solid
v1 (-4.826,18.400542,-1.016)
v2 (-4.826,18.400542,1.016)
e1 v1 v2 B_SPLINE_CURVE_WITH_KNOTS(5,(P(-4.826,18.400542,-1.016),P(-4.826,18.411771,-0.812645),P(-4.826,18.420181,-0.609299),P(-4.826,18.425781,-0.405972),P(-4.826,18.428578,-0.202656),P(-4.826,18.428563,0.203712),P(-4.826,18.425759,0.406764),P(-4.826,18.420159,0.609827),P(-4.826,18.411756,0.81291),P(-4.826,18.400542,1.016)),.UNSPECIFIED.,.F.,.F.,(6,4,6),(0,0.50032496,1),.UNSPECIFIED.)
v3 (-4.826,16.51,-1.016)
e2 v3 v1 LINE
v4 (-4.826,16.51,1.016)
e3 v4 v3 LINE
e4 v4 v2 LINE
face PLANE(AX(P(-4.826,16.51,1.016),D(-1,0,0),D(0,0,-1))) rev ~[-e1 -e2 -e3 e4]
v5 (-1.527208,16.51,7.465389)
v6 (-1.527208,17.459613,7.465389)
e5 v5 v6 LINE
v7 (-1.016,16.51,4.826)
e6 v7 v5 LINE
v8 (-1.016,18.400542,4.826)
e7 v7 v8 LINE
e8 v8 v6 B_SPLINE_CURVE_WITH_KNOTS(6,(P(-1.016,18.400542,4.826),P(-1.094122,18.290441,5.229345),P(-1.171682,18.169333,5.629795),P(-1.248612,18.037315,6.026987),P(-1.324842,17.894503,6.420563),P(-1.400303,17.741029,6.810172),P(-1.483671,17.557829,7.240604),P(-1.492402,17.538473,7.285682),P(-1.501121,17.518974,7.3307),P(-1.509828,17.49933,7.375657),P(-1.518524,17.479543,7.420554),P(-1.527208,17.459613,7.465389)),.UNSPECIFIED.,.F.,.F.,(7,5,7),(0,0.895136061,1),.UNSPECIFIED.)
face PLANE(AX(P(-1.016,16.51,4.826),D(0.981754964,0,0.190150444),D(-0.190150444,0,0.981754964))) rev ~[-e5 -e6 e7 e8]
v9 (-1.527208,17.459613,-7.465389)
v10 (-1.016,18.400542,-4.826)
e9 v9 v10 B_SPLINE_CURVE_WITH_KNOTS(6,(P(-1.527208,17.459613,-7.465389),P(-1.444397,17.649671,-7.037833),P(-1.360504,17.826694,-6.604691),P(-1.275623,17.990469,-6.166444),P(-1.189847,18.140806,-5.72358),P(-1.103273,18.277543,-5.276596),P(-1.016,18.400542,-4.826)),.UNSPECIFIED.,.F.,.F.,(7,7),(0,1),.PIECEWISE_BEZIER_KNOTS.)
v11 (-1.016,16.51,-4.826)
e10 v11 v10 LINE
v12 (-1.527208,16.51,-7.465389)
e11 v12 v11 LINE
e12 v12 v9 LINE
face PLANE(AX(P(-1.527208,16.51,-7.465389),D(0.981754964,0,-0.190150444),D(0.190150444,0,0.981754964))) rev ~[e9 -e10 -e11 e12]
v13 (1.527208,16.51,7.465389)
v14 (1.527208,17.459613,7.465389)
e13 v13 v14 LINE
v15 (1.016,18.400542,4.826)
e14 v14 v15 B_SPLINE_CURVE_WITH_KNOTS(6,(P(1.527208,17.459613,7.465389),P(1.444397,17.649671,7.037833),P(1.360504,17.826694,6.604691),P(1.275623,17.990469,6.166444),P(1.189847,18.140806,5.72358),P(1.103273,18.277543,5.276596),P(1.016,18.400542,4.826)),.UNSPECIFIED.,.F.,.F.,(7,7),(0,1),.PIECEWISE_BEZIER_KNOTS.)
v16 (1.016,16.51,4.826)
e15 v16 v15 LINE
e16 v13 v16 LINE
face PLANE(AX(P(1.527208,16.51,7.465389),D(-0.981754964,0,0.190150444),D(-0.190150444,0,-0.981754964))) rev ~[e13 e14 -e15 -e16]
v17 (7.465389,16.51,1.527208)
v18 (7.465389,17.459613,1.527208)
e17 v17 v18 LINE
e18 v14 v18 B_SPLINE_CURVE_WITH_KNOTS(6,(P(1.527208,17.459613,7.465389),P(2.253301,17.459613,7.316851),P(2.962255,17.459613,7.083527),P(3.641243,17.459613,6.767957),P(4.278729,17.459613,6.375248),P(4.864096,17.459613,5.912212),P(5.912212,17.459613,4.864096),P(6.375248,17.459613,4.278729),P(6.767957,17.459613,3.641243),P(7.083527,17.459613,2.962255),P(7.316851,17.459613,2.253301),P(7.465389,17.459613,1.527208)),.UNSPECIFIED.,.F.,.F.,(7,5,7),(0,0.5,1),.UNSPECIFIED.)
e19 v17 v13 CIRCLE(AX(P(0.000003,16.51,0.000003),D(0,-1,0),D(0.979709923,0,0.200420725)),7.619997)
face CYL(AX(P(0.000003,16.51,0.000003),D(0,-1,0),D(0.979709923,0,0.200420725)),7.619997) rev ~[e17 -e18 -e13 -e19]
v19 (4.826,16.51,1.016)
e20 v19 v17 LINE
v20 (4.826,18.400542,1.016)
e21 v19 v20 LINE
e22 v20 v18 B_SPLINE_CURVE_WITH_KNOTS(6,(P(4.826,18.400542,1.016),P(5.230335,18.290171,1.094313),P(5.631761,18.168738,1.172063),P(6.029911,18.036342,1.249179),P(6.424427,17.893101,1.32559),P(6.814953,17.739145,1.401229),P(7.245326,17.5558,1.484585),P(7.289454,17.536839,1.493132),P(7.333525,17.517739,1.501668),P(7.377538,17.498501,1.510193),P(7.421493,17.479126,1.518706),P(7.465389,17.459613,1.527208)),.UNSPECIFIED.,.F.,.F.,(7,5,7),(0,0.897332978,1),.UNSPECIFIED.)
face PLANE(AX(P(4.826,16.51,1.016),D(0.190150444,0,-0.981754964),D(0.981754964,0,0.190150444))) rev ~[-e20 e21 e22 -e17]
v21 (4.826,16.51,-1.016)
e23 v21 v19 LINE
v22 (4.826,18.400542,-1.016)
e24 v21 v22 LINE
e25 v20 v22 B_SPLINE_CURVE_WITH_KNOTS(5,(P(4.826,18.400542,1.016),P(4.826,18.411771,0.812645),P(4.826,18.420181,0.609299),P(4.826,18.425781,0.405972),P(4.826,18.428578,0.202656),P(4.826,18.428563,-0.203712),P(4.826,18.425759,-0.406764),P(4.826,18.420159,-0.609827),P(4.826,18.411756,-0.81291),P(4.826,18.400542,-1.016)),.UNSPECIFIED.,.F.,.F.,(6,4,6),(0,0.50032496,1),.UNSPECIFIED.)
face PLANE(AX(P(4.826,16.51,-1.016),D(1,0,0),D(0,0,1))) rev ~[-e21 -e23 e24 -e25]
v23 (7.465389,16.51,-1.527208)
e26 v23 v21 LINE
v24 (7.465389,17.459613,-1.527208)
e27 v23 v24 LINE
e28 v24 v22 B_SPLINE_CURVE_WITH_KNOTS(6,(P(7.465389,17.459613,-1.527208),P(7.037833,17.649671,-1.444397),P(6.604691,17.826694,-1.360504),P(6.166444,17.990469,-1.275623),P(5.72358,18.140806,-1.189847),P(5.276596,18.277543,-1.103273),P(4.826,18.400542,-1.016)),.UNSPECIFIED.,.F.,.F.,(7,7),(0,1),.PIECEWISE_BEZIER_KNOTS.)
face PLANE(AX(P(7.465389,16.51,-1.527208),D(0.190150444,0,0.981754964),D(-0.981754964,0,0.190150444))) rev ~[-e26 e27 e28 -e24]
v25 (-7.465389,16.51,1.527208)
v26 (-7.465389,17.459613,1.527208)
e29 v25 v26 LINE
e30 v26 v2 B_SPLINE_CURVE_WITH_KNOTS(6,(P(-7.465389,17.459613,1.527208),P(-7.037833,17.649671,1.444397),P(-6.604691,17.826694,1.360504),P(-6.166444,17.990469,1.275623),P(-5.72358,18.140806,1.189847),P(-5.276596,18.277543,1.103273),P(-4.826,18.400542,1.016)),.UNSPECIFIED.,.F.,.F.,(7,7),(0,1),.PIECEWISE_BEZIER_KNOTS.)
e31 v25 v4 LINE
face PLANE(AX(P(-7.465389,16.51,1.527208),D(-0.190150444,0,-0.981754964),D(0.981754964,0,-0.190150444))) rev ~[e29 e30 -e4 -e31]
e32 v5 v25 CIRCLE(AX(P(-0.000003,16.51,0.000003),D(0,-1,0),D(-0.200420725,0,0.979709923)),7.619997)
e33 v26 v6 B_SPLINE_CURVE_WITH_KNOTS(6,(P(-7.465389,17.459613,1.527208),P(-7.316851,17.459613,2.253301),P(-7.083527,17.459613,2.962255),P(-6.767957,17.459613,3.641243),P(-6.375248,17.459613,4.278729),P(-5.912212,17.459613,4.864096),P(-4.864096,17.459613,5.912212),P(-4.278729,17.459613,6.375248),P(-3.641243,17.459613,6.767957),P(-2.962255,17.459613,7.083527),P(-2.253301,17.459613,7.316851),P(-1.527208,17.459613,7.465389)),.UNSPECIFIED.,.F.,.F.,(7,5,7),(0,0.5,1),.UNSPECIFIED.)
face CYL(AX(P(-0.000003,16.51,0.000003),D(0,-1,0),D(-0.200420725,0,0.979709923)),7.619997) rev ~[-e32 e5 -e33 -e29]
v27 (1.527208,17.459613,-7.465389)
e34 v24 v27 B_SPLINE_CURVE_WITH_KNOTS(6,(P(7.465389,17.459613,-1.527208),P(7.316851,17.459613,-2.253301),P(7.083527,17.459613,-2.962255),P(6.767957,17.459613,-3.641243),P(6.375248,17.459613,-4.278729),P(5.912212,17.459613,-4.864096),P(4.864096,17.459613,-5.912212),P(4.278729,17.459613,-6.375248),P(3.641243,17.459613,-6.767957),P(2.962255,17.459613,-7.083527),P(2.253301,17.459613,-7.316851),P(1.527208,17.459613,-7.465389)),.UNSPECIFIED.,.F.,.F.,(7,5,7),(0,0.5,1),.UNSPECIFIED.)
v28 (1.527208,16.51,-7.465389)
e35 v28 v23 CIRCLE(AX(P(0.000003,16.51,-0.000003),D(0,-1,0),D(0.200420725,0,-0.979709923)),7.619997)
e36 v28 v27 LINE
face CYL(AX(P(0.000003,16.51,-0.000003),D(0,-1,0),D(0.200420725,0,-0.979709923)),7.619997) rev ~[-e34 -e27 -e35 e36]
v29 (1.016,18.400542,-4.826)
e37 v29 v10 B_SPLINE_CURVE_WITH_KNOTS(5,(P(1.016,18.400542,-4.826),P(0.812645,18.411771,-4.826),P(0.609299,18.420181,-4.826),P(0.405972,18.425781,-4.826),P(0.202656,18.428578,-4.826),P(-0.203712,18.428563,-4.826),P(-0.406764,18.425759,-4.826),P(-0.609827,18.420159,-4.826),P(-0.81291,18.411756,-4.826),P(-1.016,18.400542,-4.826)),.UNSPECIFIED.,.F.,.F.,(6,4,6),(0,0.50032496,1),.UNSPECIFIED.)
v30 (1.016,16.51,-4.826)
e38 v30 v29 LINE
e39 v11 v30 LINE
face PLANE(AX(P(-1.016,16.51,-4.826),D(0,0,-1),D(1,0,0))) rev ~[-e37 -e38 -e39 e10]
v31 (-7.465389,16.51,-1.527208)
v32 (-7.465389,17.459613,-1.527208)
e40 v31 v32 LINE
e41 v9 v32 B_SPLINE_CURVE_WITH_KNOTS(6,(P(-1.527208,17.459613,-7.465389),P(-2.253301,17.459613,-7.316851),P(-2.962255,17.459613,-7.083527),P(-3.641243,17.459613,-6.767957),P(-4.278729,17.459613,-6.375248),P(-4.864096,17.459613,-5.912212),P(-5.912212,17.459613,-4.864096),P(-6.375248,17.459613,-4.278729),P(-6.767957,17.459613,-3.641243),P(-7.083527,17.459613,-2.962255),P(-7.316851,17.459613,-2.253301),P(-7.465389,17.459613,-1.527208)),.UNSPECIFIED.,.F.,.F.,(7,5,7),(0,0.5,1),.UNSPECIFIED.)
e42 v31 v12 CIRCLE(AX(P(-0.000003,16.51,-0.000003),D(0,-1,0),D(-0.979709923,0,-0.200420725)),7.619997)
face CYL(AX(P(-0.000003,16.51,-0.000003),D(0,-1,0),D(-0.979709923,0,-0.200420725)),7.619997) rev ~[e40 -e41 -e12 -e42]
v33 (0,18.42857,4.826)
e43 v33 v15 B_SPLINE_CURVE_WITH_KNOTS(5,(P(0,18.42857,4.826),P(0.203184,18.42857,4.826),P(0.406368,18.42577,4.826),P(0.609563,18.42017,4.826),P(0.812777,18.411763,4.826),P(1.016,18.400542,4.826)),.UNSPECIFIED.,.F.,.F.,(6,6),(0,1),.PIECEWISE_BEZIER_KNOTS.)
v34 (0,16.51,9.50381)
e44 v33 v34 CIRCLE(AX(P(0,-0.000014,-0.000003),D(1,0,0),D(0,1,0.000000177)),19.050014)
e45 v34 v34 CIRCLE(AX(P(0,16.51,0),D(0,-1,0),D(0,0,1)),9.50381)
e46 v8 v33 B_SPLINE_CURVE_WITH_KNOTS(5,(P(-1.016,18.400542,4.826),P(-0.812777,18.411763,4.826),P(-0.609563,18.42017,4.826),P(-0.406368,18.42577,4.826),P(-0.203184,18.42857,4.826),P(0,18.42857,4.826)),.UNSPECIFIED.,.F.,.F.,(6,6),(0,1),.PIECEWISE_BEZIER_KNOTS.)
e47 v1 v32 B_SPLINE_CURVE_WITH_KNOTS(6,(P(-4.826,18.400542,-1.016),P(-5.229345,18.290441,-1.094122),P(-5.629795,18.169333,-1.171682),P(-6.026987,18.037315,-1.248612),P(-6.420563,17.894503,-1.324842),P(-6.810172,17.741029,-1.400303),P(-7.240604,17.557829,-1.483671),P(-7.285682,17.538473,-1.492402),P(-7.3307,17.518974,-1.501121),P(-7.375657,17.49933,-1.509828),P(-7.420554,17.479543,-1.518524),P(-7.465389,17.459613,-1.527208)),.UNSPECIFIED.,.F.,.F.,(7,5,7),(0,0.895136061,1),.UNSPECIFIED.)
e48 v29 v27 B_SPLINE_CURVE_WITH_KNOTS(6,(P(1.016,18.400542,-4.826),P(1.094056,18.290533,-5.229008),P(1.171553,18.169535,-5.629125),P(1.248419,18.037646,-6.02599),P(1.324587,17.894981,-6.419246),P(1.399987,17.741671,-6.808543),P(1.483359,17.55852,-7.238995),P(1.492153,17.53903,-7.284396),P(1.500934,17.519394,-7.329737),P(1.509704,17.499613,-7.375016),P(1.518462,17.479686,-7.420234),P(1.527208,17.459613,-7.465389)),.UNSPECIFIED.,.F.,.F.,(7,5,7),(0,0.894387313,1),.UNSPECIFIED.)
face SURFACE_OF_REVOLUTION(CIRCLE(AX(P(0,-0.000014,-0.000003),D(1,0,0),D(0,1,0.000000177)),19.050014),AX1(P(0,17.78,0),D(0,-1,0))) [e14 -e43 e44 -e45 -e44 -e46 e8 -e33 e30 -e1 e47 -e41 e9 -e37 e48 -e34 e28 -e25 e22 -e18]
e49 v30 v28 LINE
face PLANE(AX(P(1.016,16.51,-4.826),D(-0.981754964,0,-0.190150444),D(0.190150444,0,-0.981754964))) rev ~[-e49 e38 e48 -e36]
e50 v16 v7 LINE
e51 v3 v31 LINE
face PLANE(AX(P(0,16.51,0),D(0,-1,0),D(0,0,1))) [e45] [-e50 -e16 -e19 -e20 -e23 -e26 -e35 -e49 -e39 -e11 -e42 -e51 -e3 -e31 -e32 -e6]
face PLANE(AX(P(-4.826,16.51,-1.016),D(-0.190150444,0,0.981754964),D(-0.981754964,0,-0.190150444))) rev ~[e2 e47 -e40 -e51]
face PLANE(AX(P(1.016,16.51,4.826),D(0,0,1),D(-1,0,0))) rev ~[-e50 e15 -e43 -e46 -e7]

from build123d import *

# Parameters (mm, degrees)
F3_DEPTH = 2.541


with BuildPart() as f1:
    # F0 (on Right) → F1 (revolve)
    with BuildSketch(Plane.YZ):
        with BuildLine():
            Line((16.51, 0), (19.05, 0))
            ThreePointArc((19.05, 0), (18.404048, 4.918689), (16.51, 9.50381))
            Line((16.51, 9.50381), (16.51, 0))
        make_face()
    revolve(axis=Axis((0, 17.78, 0), (0, -1, 0)))

    # F2 (on face) → F3 (cut, through all)
    with BuildSketch(Plane.XZ.offset(-16.51)):
        with BuildLine():
            Line((1.016, -4.826), (1.527208, -7.465389))
            ThreePointArc((1.527208, -7.465389), (5.388154, -5.388154), (7.465389, -1.527208))
            Line((7.465389, -1.527208), (4.826, -1.016))
            Line((4.826, -1.016), (4.826, 0))
            Line((4.826, 0), (4.826, 1.016))
            Line((4.826, 1.016), (7.465389, 1.527208))
            ThreePointArc((7.465389, 1.527208), (5.388154, 5.388154), (1.527208, 7.465389))
            Line((1.527208, 7.465389), (1.016, 4.826))
            Line((1.016, 4.826), (0, 4.826))
            Line((0, 4.826), (-1.016, 4.826))
            Line((-1.016, 4.826), (-1.527208, 7.465389))
            ThreePointArc((-1.527208, 7.465389), (-5.388154, 5.388154), (-7.465389, 1.527208))
            Line((-7.465389, 1.527208), (-4.826, 1.016))
            Line((-4.826, 1.016), (-4.826, 0))
            Line((-4.826, 0), (-4.826, -1.016))
            Line((-4.826, -1.016), (-7.465389, -1.527208))
            ThreePointArc((-7.465389, -1.527208), (-5.388154, -5.388154), (-1.527208, -7.465389))
            Line((-1.527208, -7.465389), (-1.016, -4.826))
            Line((-1.016, -4.826), (0, -4.826))
            Line((0, -4.826), (1.016, -4.826))
        make_face()
    extrude(amount=-F3_DEPTH, mode=Mode.SUBTRACT)


solid = f1.part
